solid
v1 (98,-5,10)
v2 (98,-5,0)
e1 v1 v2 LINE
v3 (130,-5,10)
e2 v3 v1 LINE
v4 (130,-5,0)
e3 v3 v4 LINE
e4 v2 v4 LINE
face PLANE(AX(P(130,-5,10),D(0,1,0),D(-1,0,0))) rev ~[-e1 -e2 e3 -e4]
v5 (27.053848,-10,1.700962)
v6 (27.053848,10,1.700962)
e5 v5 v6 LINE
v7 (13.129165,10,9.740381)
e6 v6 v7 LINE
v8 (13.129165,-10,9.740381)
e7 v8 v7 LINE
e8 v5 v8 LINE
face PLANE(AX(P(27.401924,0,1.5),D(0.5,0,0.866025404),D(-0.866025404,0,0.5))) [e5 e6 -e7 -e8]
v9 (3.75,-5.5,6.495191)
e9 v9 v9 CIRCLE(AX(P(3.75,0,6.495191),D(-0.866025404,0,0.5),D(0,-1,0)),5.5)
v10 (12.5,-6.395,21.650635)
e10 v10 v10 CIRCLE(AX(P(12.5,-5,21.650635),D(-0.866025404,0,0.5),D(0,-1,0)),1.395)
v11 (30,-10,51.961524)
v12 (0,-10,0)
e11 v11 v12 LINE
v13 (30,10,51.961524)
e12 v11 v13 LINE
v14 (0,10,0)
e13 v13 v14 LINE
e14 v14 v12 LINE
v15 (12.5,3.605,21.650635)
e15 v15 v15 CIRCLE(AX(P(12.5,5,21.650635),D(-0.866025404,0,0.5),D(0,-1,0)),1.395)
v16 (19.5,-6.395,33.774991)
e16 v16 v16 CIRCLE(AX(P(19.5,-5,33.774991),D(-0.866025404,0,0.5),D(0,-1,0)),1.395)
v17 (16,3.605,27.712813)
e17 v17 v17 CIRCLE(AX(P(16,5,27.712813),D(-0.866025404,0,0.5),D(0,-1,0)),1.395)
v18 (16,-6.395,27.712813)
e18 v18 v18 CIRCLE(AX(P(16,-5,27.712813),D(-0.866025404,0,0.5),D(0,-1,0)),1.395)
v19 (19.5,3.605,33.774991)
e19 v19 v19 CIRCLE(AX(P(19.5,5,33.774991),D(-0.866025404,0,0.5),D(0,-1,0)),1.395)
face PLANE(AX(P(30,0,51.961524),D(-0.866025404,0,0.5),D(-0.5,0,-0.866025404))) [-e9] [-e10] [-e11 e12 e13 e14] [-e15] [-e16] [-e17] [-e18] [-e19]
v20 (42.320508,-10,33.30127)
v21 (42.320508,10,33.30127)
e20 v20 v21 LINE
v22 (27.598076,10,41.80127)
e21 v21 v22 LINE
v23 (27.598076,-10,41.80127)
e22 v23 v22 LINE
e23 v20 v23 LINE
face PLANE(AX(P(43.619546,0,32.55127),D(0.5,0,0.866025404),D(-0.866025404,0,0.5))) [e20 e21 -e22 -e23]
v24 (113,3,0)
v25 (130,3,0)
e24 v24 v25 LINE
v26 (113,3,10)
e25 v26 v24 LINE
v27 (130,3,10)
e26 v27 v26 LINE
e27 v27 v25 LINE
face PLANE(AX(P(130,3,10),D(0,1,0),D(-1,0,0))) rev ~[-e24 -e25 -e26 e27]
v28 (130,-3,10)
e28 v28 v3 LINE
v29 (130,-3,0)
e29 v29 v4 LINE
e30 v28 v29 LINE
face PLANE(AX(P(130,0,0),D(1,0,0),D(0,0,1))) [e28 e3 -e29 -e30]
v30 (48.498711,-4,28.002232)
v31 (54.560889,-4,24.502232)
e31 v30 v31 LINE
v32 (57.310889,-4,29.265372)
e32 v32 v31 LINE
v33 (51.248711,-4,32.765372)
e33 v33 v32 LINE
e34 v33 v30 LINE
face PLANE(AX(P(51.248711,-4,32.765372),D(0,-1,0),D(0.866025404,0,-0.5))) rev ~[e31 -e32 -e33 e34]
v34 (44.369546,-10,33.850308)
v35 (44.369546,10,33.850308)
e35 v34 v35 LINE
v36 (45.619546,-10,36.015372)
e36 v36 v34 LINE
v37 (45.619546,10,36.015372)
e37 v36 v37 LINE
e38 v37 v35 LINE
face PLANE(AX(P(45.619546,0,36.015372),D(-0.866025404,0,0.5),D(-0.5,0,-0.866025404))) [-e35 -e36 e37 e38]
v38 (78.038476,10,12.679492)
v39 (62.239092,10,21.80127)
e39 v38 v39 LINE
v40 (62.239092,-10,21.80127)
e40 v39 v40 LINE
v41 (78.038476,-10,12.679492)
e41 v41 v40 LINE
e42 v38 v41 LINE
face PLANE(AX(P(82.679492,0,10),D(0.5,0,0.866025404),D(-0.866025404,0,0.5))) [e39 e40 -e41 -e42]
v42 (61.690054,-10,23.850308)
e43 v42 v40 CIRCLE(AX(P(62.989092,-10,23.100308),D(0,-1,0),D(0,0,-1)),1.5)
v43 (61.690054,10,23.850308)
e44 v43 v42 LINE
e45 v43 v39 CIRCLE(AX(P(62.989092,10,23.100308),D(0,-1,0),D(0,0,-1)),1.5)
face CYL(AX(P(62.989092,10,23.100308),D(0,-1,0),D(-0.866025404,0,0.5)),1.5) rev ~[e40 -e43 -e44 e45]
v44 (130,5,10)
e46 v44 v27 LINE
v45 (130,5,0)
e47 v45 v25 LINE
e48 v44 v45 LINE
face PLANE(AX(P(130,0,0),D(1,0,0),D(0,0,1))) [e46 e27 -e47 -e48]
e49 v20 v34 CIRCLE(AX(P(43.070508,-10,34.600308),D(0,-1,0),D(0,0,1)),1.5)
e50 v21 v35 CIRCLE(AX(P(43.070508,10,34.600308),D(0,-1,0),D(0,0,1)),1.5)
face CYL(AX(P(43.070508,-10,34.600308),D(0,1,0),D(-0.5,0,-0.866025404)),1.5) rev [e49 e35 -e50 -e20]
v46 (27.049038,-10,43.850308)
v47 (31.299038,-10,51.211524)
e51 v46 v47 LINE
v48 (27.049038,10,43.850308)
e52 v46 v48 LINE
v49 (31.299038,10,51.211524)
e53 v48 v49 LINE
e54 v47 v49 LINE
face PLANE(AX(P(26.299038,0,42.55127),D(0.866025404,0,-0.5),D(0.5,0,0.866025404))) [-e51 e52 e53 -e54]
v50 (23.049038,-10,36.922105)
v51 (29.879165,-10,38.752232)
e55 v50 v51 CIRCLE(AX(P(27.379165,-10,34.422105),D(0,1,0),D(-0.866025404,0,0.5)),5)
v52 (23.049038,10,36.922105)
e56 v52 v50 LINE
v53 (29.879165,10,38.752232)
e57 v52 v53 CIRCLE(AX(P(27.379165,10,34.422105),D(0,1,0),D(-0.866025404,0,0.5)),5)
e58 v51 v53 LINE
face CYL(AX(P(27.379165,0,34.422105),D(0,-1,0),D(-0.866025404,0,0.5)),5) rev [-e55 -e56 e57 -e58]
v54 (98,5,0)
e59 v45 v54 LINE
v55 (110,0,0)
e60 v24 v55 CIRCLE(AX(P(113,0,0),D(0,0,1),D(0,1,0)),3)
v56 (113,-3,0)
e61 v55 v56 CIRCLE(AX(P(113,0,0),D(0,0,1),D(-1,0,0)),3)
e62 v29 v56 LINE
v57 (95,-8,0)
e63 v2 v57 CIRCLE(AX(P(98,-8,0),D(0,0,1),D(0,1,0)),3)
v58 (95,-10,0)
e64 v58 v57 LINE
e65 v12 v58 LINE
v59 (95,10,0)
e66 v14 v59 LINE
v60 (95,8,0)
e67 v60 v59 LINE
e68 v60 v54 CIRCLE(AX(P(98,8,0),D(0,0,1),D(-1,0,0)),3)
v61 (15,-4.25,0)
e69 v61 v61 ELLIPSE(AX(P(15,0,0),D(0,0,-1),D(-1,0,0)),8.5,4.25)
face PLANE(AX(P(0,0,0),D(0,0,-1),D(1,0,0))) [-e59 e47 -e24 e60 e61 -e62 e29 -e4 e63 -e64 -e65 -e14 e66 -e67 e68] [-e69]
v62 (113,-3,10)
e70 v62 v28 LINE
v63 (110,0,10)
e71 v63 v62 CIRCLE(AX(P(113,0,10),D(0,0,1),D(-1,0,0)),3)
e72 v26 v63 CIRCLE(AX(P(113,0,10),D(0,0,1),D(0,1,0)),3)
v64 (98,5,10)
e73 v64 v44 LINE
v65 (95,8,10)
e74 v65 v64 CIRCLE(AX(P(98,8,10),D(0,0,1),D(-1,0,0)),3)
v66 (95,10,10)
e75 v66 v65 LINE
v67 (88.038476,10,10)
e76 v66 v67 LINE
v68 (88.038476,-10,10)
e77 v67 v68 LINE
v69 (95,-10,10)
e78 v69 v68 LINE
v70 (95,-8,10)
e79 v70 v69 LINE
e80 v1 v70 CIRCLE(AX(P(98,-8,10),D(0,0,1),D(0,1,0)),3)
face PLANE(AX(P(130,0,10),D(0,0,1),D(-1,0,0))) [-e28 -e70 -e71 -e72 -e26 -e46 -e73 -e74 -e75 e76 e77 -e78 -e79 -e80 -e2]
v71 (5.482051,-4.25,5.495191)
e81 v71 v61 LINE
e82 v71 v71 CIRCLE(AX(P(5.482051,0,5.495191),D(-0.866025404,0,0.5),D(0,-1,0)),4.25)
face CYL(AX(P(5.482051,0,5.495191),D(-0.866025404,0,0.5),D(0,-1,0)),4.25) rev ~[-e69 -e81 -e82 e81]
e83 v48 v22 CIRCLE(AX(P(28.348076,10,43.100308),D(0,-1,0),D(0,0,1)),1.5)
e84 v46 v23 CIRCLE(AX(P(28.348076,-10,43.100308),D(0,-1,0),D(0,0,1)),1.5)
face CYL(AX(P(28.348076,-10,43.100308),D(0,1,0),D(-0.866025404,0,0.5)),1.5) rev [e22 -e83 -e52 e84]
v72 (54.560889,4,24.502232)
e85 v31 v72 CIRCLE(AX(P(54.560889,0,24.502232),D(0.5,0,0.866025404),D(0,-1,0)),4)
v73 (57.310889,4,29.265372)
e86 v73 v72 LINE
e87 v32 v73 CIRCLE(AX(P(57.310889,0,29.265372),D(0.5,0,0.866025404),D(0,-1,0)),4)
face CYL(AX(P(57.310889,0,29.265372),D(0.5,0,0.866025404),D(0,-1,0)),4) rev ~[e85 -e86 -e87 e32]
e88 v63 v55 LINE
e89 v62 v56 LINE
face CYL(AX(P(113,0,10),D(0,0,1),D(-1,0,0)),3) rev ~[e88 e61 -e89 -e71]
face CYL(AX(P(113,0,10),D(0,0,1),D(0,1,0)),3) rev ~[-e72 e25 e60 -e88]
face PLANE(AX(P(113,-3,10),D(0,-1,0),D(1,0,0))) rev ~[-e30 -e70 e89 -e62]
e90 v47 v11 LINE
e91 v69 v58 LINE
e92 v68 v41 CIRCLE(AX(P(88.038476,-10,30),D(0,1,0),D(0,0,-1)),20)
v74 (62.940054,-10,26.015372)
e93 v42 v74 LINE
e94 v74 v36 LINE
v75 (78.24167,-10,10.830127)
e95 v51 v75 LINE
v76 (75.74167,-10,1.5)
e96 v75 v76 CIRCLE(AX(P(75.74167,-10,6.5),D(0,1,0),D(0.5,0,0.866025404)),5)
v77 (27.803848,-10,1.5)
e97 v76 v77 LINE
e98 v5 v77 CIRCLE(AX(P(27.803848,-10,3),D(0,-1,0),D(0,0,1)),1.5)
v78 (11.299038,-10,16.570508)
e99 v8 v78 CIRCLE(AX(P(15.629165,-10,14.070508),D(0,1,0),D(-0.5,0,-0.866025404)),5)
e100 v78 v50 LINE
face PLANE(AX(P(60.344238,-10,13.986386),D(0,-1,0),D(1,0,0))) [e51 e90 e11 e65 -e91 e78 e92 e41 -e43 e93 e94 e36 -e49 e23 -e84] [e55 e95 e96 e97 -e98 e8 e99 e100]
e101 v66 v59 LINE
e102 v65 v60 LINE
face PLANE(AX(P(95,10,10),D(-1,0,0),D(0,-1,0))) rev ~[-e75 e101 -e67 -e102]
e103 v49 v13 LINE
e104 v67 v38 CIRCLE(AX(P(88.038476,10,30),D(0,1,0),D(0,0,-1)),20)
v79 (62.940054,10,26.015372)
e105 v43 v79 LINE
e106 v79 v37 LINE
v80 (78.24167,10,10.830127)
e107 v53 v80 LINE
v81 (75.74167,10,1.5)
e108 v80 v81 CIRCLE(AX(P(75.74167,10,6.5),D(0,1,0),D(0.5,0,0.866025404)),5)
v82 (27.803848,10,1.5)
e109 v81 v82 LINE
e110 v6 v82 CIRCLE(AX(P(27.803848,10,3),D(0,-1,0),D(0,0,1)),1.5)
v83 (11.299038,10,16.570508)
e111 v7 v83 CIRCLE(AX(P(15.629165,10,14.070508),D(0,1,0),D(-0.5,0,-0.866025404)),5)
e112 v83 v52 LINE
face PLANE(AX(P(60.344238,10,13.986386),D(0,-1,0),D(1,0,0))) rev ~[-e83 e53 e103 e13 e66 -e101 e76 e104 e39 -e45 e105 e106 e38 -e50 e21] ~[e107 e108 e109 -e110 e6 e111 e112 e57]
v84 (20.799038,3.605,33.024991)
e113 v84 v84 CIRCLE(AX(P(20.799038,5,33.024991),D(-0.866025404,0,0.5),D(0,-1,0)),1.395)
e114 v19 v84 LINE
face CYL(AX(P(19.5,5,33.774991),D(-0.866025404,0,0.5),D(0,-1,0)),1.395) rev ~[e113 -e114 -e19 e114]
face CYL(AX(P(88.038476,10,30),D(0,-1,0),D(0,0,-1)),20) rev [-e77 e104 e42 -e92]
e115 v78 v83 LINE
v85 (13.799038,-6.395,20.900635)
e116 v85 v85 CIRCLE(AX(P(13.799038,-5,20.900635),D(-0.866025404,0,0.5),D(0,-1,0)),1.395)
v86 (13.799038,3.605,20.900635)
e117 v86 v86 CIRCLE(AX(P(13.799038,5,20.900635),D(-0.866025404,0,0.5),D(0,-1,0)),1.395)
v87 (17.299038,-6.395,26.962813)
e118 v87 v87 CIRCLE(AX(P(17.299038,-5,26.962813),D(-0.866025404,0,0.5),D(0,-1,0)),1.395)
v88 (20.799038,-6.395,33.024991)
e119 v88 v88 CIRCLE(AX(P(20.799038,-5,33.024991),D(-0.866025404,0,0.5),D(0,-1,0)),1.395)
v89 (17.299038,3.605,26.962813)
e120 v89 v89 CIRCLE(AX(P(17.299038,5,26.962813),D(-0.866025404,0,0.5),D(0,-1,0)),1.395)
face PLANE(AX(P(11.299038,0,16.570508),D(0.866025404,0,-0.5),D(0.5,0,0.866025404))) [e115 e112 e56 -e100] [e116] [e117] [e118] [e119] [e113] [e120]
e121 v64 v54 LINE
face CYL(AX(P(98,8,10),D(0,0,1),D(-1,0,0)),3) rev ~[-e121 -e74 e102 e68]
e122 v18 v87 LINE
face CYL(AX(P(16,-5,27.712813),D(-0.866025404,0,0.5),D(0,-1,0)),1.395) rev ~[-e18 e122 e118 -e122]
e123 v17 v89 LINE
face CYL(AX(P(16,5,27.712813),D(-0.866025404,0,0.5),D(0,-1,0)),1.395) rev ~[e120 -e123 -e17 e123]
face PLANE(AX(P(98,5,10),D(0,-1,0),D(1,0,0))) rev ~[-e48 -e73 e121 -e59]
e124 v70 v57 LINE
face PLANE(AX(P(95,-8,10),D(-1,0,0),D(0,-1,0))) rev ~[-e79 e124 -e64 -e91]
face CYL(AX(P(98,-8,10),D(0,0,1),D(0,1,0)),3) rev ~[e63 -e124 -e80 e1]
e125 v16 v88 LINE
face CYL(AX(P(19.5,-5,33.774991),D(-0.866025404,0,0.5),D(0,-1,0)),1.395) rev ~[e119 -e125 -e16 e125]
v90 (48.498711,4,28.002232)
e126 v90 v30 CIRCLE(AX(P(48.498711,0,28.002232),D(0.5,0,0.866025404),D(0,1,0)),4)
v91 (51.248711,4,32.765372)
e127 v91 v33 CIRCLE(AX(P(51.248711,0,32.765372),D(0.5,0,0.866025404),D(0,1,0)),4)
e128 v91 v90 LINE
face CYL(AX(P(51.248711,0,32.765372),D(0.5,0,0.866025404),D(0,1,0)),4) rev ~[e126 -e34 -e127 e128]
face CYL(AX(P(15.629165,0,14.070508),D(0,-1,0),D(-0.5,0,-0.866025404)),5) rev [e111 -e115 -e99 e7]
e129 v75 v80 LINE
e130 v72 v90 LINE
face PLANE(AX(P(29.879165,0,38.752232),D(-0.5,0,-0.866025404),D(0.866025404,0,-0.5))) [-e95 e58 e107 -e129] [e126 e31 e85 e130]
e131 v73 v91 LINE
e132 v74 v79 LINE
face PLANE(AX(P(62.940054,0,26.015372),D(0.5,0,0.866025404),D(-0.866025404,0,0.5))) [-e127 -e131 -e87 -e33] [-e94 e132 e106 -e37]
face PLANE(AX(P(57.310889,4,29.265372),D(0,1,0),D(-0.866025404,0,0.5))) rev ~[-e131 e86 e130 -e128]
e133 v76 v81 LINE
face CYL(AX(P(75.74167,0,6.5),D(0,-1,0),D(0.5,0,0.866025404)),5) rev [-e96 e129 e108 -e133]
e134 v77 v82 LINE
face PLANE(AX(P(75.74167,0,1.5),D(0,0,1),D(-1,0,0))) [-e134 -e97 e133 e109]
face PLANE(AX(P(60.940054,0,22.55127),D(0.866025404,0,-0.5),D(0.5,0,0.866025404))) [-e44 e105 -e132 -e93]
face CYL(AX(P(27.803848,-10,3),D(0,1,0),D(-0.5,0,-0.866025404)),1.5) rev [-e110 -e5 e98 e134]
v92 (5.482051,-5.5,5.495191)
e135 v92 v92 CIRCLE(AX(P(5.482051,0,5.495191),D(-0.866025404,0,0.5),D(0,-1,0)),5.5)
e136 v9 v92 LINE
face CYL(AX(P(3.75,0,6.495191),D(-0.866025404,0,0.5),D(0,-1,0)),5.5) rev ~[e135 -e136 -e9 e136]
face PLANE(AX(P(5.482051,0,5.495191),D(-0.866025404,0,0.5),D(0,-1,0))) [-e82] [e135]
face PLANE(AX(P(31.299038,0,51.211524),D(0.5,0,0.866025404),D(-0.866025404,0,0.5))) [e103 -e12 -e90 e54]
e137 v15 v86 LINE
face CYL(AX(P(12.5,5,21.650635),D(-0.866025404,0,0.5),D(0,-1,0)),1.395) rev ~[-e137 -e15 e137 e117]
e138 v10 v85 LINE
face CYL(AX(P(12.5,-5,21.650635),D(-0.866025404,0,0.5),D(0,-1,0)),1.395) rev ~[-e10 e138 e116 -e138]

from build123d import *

# Parameters (mm, degrees)
F1_DEPTH      = 10
F1_DEPTH_BACK = 10
F3_DEPTH      = 10.001
F5_DEPTH      = 5.5
F6_R          = 1.395
F7_DEPTH      = 1.5
F8_R          = 5.5
F9_DEPTH      = 2
F10_R         = 4.25
F11_DEPTH     = 110.584302492
F12_R         = 1.5
F13_R         = 20


with BuildPart() as f1:
    # F0 (on Front) → F1 (new body, two sides)
    with BuildSketch(Plane.XZ) as f1_sk:
        Polygon((30, 51.9615242271), (0, 0), (130, 0), (130, 10), (82.6794919243, 10), (60.9400542571, 22.5512701892), (62.9400542571, 26.0153718044), (45.6195461814, 36.0153718044), (43.6195461814, 32.5512701892), (26.2990381057, 42.5512701892), (31.2990381057, 51.2115242271), align=None)
        with BuildLine():
            ThreePointArc((23.0490381057, 36.9221050646), (26.0850698991, 39.2517341961), (29.8791651246, 38.7522320835))
            Line((29.8791651246, 38.7522320835), (78.2416697508, 10.8301270189))
            ThreePointArc((78.2416697508, 10.8301270189), (80.5712988822, 5.2059047745), (75.7416697508, 1.5))
            Line((75.7416697508, 1.5), (27.4019237886, 1.5))
            Line((27.4019237886, 1.5), (13.1291651246, 9.7403810568))
            ThreePointArc((13.1291651246, 9.7403810568), (10.7995359932, 12.7764128502), (11.2990381057, 16.5705080757))
            Line((11.2990381057, 16.5705080757), (23.0490381057, 36.9221050646))
        make_face(mode=Mode.SUBTRACT)
    extrude(amount=F1_DEPTH)
    extrude(f1_sk.sketch, amount=-F1_DEPTH_BACK)

    # F2 (on face) → F3 (cut, through all)
    with BuildSketch(Plane.XY.offset(10)):
        with BuildLine():
            Line((98, 5), (130, 5))
            Line((130, 5), (130, 10))
            Line((130, 10), (95, 10))
            Line((95, 10), (95, 8))
            ThreePointArc((95, 8), (95.8786796564, 5.8786796564), (98, 5))
        make_face()
        with BuildLine():
            Line((130, 0), (130, 3))
            Line((130, 3), (113, 3))
            ThreePointArc((113, 3), (110.8786796564, 2.1213203436), (110, 0))
            ThreePointArc((110, 0), (110.8786796564, -2.1213203436), (113, -3))
            Line((113, -3), (130, -3))
            Line((130, -3), (130, 0))
        make_face()
        with BuildLine():
            ThreePointArc((98, -5), (95.8786796564, -5.8786796564), (95, -8))
            Line((95, -8), (95, -10))
            Line((95, -10), (130, -10))
            Line((130, -10), (130, -5))
            Line((130, -5), (98, -5))
        make_face()
    extrude(amount=-F3_DEPTH, mode=Mode.SUBTRACT)

    # F4 (on face) → F5 (cut, through all)
    with BuildSketch(Plane(origin=(27, 0, 46.7653718044), x_dir=(0.8660254038, 0, -0.5), z_dir=(0.5, 0, 0.8660254038))):
        with BuildLine():
            Line((28, -4), (35, -4))
            ThreePointArc((35, -4), (39, 0), (35, 4))
            Line((35, 4), (28, 4))
            ThreePointArc((28, 4), (24, 0), (28, -4))
        make_face()
    extrude(amount=-F5_DEPTH, mode=Mode.SUBTRACT)

    # F6 (on face) → F7 (cut, through all)
    with BuildSketch(Plane(origin=(0, 0, 0), x_dir=(0, -1, 0), z_dir=(-0.8660254038, 0, 0.5))):
        with Locations((-5, 39)):
            Circle(F6_R)
        with Locations((5, 39)):
            Circle(F6_R)
        with Locations((-5, 32)):
            Circle(F6_R)
        with Locations((5, 32)):
            Circle(F6_R)
        with Locations((-5, 25)):
            Circle(F6_R)
        with Locations((5, 25)):
            Circle(F6_R)
    extrude(amount=-F7_DEPTH, mode=Mode.SUBTRACT)

    # F8 (on face) → F9 (cut)
    with BuildSketch(Plane(origin=(0, 0, 0), x_dir=(0, -1, 0), z_dir=(-0.8660254038, 0, 0.5))):
        with Locations((0, 7.5)):
            Circle(F8_R)
    extrude(amount=-F9_DEPTH, mode=Mode.SUBTRACT)

    # F10 (on face) → F11 (cut, through all)
    with BuildSketch(Plane(origin=(1.7320508076, 0, -1), x_dir=(0, -1, 0), z_dir=(-0.8660254038, 0, 0.5))):
        with Locations((0, 7.5)):
            Circle(F10_R)
    extrude(amount=-F11_DEPTH, mode=Mode.SUBTRACT)

    # F12
    f12_edges = [f1.edges().sort_by_distance(p)[0] for p in [
        (26.299038, 0, 42.55127),
        (60.940054, 0, 22.55127),
        (27.401924, 0, 1.5),
        (43.619546, 0, 32.55127),
    ]]
    fillet(f12_edges, radius=F12_R)

    # F13
    f13_edges = [f1.edges().sort_by_distance(p)[0] for p in [
        (82.679492, 0, 10),
    ]]
    fillet(f13_edges, radius=F13_R)


solid = f1.part
